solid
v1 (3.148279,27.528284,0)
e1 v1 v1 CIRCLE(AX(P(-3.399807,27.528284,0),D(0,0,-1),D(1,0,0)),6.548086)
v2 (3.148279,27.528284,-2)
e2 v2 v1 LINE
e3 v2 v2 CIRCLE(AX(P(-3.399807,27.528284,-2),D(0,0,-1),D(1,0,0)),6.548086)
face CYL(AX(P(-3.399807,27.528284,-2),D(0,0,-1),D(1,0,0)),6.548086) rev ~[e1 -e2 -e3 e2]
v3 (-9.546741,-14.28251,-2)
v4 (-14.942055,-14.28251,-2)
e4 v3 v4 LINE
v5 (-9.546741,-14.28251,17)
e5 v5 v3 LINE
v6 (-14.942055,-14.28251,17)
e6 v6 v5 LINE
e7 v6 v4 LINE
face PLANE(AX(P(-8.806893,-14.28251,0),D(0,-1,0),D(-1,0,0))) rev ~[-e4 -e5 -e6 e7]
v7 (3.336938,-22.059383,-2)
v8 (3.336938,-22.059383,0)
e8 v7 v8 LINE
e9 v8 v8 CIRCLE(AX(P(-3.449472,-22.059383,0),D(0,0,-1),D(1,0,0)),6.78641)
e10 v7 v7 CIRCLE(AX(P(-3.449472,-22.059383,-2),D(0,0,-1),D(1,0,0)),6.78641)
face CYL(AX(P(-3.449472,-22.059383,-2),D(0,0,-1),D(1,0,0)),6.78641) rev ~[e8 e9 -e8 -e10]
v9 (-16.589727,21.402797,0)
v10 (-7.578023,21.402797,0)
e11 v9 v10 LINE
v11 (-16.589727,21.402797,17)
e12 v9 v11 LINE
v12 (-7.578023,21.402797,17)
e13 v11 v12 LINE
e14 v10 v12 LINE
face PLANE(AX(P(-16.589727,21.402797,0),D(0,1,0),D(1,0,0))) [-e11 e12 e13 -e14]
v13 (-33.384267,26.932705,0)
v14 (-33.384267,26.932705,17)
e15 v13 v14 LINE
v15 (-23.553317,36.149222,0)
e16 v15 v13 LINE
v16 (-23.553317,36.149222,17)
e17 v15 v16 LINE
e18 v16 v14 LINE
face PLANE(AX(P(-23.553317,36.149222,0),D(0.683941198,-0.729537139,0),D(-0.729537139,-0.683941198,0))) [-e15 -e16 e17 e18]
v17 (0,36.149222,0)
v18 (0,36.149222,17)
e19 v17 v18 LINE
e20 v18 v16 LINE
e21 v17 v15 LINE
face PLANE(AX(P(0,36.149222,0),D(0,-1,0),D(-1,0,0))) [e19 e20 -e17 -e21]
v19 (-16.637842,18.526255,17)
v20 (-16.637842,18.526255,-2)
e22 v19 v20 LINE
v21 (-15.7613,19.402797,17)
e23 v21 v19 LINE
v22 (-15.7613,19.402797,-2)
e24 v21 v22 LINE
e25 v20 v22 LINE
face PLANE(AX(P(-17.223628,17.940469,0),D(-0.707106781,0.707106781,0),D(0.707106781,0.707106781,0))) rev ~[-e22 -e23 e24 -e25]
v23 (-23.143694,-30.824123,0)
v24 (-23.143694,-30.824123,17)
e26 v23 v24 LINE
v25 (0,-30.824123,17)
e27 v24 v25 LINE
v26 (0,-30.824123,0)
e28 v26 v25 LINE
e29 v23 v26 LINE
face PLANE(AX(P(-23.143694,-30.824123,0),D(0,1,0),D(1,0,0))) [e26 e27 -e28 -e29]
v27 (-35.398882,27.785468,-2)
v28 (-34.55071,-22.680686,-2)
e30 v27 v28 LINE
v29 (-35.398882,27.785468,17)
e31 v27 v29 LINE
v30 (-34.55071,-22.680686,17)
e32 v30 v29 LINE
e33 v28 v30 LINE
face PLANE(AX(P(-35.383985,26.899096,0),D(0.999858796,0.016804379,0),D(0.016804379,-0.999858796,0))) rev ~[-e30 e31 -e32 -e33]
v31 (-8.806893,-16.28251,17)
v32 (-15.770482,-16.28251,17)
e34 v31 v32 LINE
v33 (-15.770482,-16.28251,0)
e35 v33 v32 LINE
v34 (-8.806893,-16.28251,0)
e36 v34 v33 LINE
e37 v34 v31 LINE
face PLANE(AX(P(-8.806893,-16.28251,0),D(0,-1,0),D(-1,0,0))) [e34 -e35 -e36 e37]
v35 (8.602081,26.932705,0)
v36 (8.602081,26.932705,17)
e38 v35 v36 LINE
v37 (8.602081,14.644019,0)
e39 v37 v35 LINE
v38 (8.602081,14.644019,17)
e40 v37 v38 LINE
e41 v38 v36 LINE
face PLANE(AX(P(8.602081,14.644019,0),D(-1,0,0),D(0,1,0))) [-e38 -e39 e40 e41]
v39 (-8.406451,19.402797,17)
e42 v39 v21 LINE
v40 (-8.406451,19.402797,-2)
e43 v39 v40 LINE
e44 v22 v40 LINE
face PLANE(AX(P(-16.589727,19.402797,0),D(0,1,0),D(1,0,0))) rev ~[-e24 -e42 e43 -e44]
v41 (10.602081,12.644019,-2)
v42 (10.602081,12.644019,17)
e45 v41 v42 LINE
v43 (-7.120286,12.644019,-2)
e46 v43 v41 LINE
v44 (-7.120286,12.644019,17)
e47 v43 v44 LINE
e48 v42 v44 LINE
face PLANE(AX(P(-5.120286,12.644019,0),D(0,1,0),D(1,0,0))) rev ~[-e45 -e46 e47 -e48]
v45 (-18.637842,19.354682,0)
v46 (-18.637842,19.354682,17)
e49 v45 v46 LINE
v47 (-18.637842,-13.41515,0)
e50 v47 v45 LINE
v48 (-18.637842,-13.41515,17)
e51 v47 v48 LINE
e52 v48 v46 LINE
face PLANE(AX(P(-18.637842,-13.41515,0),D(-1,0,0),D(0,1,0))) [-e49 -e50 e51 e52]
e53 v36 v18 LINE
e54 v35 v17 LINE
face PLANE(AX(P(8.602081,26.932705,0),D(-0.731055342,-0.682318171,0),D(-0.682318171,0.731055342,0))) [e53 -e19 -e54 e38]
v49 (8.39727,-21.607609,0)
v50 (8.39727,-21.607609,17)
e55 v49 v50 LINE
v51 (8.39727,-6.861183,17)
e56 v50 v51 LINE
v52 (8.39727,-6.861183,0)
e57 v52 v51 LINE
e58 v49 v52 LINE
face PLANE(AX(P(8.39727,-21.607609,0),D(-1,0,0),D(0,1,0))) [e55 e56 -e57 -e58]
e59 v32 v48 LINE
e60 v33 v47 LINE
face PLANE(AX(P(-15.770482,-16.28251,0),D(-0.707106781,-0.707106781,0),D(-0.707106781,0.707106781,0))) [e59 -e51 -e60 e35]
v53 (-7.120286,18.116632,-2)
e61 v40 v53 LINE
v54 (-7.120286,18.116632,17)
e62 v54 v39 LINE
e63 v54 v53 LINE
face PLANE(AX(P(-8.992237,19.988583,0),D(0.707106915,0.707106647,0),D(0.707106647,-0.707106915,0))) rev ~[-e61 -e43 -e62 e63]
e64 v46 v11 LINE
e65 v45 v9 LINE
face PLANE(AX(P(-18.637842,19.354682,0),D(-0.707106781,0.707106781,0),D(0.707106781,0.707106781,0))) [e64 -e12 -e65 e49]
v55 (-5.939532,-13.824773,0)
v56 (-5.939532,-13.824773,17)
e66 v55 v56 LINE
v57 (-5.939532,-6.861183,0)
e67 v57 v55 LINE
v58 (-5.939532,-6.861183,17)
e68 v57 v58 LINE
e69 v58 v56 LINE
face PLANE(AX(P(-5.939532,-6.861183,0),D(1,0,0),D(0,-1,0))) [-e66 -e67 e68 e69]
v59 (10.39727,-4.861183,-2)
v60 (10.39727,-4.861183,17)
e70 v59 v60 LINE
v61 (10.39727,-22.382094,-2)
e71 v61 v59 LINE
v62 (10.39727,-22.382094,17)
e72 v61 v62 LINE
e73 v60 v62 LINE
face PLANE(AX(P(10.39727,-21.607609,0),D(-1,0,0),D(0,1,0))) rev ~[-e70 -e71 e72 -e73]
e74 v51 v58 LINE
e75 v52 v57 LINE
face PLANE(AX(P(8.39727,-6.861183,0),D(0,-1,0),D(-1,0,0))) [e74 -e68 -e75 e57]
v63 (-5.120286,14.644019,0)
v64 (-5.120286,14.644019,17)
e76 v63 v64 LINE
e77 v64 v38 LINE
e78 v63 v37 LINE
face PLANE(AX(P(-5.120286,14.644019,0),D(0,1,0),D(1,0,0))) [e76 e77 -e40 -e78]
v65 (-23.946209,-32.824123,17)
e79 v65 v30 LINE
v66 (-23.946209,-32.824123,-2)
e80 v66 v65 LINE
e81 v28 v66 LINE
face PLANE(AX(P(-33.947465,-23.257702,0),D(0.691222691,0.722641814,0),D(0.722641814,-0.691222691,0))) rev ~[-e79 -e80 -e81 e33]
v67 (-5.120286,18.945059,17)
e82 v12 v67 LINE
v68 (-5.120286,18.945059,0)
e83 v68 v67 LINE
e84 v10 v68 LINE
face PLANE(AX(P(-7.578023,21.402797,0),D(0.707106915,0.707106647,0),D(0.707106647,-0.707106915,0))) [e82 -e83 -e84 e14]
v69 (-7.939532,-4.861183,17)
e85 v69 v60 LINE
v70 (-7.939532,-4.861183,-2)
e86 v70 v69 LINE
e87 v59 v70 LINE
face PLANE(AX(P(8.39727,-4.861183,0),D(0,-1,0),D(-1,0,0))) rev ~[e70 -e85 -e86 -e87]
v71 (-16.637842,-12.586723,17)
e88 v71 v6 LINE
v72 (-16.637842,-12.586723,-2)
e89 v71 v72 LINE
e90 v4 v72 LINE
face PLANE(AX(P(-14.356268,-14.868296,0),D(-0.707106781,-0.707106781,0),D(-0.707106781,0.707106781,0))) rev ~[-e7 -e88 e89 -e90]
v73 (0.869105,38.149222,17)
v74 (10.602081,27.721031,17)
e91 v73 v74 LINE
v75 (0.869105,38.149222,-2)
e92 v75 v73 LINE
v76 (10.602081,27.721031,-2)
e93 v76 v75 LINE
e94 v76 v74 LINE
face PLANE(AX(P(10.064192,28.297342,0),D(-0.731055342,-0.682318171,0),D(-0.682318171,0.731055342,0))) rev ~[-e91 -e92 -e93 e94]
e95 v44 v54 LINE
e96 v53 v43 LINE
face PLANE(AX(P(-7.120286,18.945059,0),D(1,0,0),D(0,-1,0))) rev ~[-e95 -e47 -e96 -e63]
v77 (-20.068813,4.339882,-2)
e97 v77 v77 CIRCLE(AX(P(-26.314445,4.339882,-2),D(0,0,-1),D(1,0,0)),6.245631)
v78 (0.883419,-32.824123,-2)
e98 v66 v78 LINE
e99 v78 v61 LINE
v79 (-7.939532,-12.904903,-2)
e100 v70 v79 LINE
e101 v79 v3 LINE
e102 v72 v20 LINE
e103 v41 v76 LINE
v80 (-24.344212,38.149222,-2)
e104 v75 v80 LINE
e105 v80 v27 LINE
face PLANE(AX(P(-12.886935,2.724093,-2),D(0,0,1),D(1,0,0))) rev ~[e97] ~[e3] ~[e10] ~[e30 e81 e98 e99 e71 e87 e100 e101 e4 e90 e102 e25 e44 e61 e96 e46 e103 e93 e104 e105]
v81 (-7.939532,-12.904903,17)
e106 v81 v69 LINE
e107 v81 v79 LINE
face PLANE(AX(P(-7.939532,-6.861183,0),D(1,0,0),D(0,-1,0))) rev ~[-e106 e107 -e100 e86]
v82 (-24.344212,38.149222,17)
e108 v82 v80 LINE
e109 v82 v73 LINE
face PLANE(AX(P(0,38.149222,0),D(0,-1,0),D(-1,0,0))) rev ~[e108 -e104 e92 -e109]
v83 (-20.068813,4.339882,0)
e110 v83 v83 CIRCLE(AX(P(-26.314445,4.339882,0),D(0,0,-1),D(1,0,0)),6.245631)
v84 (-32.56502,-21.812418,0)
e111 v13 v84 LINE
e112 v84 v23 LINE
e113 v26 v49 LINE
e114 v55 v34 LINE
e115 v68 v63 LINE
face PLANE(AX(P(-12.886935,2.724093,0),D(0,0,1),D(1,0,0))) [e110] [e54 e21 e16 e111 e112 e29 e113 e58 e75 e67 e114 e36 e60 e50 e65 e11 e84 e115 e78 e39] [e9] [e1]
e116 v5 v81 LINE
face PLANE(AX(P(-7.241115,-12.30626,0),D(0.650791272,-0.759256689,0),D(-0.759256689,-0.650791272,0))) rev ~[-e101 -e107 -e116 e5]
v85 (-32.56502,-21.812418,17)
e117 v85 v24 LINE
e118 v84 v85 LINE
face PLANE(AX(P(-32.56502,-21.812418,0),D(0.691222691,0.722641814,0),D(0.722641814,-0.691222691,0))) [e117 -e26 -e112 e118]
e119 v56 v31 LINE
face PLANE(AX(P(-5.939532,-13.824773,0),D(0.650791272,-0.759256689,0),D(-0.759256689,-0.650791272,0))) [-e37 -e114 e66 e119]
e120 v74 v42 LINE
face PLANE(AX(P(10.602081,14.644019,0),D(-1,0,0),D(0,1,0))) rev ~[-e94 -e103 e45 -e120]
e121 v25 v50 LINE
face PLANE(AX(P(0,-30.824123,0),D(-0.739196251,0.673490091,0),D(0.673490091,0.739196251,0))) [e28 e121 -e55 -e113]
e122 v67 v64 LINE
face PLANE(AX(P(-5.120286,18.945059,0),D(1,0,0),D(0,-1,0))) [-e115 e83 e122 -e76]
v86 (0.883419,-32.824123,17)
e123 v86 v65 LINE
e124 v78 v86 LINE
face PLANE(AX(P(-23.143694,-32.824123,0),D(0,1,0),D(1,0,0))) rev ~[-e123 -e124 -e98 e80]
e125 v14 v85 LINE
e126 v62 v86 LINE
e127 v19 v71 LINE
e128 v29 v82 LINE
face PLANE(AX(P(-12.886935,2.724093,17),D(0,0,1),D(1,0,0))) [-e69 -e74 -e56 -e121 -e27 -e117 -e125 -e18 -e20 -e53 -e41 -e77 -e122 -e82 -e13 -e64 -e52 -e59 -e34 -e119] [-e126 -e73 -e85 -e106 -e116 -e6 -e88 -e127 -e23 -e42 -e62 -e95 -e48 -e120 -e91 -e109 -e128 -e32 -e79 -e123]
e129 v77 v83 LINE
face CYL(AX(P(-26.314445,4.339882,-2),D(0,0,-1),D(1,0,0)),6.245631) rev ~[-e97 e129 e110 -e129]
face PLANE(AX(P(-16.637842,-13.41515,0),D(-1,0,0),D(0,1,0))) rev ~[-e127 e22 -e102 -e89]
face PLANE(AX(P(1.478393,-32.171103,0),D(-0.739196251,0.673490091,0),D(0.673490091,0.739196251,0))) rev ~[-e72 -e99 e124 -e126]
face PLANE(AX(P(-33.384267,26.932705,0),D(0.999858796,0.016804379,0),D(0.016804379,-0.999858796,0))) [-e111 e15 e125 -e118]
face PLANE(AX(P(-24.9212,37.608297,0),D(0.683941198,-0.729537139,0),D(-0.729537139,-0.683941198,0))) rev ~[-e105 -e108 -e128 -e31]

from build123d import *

# Parameters (mm, degrees)
F1_DEPTH = 17
F2_T     = 2
F3_R     = 6.5480863362
F3_R_2   = 6.2456314412
F3_R_3   = 6.7864098422
F4_DEPTH = 30


with BuildPart() as f1:
    # F0 (on Top) → F1 (new body)
    with BuildSketch(Plane.XY):
        Polygon((-23.5533174127, 36.1492224038), (-33.3842672408, 26.9327051938), (-32.5650200248, -21.8124184757), (-23.1436938047, -30.8241229504), (0, -30.8241229504), (8.397269994, -21.6076094657), (8.397269994, -6.8611833267), (-5.9395320714, -6.8611833267), (-5.9395320714, -13.824773021), (-8.8068926707, -16.2825100124), (-15.7704818994, -16.2825100124), (-18.6378415674, -13.4151503444), (-18.6378415674, 19.3546824157), (-16.5897272527, 21.4027967304), (-7.5780232437, 21.4027967304), (-5.1202862523, 18.9450588077), (-5.1202862523, 14.6440193057), (8.6020808667, 14.6440193057), (8.6020808667, 26.9327051938), (0, 36.1492224038), align=None)
    extrude(amount=F1_DEPTH)

    # F2
    f2_openings = [f1.faces().sort_by_distance(p)[0] for p in [
        (-27.928164, 30.964293, 17),
    ]]
    offset(amount=F2_T, openings=f2_openings, kind=Kind.INTERSECTION)

    # F3 (on face) → F4 (cut)
    with BuildSketch(Plane(origin=(0, 0, -2), x_dir=(1, 0, 0), z_dir=(0, 0, -1))):
        with Locations((-3.3998074941, -27.5282841176)):
            Circle(F3_R)
        with Locations((-26.31444484, -4.339881707)):
            Circle(F3_R_2)
        with Locations((-3.4494721331, 22.0593828708)):
            Circle(F3_R_3)
    extrude(amount=-F4_DEPTH, mode=Mode.SUBTRACT)


solid = f1.part
